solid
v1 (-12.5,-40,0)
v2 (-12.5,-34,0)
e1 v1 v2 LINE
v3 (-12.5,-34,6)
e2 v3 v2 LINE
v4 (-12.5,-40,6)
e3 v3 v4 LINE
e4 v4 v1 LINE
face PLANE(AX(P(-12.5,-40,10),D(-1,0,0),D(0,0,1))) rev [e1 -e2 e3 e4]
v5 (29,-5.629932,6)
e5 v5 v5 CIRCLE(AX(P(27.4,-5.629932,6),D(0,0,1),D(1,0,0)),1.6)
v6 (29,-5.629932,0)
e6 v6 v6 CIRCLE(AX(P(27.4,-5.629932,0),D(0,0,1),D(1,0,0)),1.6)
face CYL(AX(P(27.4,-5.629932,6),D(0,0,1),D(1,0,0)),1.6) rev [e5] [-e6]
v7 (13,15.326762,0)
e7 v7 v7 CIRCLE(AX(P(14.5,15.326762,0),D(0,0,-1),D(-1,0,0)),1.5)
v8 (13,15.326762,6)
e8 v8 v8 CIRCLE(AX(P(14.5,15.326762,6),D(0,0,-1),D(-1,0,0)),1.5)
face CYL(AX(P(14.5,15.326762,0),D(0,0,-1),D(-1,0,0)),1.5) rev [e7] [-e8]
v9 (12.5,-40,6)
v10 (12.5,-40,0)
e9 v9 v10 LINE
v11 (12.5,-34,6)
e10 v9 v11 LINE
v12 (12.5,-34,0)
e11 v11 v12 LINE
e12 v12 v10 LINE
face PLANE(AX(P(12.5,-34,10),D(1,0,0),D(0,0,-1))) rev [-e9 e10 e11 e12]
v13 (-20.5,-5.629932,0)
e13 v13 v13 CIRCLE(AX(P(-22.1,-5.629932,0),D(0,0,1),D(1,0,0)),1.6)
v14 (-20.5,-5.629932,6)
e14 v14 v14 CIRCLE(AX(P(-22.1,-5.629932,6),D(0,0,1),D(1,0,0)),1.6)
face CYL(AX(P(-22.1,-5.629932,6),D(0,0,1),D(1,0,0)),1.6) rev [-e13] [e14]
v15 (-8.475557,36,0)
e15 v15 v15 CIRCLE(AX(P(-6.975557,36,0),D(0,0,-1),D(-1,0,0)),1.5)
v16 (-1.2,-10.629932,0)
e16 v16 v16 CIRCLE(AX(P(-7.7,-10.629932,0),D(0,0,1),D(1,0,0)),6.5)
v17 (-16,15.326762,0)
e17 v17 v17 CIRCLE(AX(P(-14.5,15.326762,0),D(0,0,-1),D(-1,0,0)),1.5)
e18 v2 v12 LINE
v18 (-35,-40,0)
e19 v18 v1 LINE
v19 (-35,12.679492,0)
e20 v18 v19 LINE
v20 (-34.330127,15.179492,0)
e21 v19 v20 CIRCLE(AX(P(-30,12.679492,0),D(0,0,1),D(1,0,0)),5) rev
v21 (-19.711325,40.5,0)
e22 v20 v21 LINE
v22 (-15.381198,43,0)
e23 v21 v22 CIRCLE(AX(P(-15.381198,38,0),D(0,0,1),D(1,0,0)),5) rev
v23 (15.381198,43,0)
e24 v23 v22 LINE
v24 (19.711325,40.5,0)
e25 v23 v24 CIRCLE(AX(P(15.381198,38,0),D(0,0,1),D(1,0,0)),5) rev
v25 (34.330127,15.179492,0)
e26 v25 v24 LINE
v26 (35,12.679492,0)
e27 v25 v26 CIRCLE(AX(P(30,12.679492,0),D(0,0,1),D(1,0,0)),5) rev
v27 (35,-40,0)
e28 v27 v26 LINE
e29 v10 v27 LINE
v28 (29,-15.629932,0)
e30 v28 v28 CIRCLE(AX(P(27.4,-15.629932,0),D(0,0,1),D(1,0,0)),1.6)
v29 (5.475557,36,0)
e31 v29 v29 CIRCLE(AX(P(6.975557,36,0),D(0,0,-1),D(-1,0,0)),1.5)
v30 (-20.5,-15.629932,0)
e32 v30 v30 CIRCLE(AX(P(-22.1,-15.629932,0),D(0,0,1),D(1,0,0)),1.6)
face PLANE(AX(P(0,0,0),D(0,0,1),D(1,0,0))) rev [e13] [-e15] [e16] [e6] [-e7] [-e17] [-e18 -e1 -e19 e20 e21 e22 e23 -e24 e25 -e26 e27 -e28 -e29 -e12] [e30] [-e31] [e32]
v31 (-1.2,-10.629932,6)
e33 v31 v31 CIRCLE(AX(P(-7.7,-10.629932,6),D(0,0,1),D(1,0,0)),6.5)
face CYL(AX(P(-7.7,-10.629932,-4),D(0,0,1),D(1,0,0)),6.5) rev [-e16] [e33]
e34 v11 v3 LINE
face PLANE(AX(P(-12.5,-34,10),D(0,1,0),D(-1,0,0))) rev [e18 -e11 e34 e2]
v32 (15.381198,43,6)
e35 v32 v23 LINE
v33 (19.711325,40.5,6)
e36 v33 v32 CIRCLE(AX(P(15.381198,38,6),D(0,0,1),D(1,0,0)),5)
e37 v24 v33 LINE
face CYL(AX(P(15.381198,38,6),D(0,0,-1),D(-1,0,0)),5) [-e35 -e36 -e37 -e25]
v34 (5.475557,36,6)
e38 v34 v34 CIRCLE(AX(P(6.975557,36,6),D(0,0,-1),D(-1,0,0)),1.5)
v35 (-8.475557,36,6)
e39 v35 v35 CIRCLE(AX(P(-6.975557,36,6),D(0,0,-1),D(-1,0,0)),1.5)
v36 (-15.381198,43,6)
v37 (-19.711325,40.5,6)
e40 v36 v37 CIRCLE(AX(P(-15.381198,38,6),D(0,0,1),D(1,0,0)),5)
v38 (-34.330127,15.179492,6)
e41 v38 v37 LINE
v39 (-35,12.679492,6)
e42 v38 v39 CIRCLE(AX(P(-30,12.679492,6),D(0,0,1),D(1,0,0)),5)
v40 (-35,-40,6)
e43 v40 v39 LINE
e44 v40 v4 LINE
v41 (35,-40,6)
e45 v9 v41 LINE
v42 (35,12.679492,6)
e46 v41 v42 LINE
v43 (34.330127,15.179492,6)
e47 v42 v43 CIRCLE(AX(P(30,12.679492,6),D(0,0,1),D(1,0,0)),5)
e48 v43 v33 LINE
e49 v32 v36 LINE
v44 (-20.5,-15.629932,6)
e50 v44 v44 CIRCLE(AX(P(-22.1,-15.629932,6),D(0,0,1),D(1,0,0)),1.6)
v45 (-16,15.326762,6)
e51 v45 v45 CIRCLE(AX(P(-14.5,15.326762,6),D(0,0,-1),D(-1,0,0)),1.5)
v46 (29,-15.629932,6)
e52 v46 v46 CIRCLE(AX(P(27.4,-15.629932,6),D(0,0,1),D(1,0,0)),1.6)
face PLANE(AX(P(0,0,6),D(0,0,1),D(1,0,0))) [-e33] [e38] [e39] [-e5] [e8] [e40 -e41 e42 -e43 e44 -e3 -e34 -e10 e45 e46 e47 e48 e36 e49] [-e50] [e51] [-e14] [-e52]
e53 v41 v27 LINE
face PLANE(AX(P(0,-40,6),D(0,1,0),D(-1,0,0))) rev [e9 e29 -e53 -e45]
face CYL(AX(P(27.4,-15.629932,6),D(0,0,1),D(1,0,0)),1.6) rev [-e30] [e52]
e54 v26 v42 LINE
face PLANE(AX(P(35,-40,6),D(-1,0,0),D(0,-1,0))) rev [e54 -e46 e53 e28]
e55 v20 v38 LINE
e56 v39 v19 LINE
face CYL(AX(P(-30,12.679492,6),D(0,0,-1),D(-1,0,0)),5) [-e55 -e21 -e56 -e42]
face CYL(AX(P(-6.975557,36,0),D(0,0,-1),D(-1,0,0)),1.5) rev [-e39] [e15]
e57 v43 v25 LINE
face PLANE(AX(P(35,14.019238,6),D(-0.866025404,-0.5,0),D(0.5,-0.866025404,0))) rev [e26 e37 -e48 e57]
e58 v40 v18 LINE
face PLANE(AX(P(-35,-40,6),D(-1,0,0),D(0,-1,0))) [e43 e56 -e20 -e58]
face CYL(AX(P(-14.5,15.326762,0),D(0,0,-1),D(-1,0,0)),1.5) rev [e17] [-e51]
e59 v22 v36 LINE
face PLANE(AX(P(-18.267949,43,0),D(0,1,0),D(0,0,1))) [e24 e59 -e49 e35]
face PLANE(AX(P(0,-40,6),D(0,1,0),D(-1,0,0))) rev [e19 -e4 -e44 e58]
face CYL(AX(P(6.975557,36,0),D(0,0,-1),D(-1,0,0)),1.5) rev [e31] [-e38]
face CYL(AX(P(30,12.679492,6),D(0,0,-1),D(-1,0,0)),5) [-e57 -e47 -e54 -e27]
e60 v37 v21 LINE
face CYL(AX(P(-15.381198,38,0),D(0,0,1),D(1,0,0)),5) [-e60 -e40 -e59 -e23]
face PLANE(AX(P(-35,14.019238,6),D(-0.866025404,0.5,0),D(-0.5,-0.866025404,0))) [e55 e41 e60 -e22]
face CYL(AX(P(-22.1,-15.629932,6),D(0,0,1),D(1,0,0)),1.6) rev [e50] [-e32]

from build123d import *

# Parameters (mm, degrees)
EXTRUSION1_DEPTH = 6
HOLE1_D          = 3
HOLE2_D          = 3.2
SKETCH6_W        = 25
SKETCH6_H        = 6
EXTRUSION3_DEPTH = 10
EXTRUSION4_DEPTH = 6
FILLET1_R        = 5
SKETCH8_R        = 6.5
EXTRUSION5_DEPTH = 10


with BuildPart() as part:
    # Sketch1 → Extrusion1 (new body)
    with BuildSketch(Plane.XY):
        Polygon((35, -40), (35, 14.019237886), (20, 40), (0, 40), (0, -40), align=None)
    extrusion1 = extrude(amount=EXTRUSION1_DEPTH)

    # Mirror1: Extrusion1 across plane
    add(extrusion1.mirror(Plane(origin=(0, -8, 3), x_dir=(0, 0, 1), z_dir=(-1, 0, 0))))

    # Hole1 (through all)
    with Locations(Plane(origin=(0, 0, 0), x_dir=(-1, 0, 0), z_dir=(0, 0, -1))):
        with Locations((-6.975556847, 36), (-14.5, 15.326762343), (14.5, 15.326762343), (6.975556847, 36)):
            Hole(HOLE1_D / 2)

    # Hole2 (through all)
    with Locations(Plane.XY.offset(6)):
        with Locations((-22.1, -5.629932362), (-22.1, -15.629932362), (27.4, -15.629932362), (27.4, -5.629932362)):
            Hole(HOLE2_D / 2)

    # Sketch6 → Extrusion3 (cut)
    with BuildSketch(Plane(origin=(0, 0, 0), x_dir=(-1, 0, 0), z_dir=(0, 0, -1))):
        with Locations((0, -37)):
            Rectangle(SKETCH6_W, SKETCH6_H)
    extrude(amount=-EXTRUSION3_DEPTH, mode=Mode.SUBTRACT)

    # Sketch7 → Extrusion4 (add)
    with BuildSketch(Plane.XY.offset(6)):
        Polygon((-20, 40), (-18.267949192, 43), (18.267949192, 43), (20, 40), align=None)
    extrude(amount=-EXTRUSION4_DEPTH)

    # Fillet1
    fillet1_edges = [part.edges().sort_by_distance(p)[0] for p in [
        (-35, 14.019237886, 3),
        (-18.267949192, 43, 3),
        (18.267949192, 43, 3),
        (35, 14.019237886, 3),
    ]]
    fillet(fillet1_edges, radius=FILLET1_R)

    # Sketch8 → Extrusion5 (cut)
    with BuildSketch(Plane.XY.offset(6)):
        with Locations((-7.7, -10.629932362)):
            Circle(SKETCH8_R)
    extrude(amount=-EXTRUSION5_DEPTH, mode=Mode.SUBTRACT)


solid = part.part
